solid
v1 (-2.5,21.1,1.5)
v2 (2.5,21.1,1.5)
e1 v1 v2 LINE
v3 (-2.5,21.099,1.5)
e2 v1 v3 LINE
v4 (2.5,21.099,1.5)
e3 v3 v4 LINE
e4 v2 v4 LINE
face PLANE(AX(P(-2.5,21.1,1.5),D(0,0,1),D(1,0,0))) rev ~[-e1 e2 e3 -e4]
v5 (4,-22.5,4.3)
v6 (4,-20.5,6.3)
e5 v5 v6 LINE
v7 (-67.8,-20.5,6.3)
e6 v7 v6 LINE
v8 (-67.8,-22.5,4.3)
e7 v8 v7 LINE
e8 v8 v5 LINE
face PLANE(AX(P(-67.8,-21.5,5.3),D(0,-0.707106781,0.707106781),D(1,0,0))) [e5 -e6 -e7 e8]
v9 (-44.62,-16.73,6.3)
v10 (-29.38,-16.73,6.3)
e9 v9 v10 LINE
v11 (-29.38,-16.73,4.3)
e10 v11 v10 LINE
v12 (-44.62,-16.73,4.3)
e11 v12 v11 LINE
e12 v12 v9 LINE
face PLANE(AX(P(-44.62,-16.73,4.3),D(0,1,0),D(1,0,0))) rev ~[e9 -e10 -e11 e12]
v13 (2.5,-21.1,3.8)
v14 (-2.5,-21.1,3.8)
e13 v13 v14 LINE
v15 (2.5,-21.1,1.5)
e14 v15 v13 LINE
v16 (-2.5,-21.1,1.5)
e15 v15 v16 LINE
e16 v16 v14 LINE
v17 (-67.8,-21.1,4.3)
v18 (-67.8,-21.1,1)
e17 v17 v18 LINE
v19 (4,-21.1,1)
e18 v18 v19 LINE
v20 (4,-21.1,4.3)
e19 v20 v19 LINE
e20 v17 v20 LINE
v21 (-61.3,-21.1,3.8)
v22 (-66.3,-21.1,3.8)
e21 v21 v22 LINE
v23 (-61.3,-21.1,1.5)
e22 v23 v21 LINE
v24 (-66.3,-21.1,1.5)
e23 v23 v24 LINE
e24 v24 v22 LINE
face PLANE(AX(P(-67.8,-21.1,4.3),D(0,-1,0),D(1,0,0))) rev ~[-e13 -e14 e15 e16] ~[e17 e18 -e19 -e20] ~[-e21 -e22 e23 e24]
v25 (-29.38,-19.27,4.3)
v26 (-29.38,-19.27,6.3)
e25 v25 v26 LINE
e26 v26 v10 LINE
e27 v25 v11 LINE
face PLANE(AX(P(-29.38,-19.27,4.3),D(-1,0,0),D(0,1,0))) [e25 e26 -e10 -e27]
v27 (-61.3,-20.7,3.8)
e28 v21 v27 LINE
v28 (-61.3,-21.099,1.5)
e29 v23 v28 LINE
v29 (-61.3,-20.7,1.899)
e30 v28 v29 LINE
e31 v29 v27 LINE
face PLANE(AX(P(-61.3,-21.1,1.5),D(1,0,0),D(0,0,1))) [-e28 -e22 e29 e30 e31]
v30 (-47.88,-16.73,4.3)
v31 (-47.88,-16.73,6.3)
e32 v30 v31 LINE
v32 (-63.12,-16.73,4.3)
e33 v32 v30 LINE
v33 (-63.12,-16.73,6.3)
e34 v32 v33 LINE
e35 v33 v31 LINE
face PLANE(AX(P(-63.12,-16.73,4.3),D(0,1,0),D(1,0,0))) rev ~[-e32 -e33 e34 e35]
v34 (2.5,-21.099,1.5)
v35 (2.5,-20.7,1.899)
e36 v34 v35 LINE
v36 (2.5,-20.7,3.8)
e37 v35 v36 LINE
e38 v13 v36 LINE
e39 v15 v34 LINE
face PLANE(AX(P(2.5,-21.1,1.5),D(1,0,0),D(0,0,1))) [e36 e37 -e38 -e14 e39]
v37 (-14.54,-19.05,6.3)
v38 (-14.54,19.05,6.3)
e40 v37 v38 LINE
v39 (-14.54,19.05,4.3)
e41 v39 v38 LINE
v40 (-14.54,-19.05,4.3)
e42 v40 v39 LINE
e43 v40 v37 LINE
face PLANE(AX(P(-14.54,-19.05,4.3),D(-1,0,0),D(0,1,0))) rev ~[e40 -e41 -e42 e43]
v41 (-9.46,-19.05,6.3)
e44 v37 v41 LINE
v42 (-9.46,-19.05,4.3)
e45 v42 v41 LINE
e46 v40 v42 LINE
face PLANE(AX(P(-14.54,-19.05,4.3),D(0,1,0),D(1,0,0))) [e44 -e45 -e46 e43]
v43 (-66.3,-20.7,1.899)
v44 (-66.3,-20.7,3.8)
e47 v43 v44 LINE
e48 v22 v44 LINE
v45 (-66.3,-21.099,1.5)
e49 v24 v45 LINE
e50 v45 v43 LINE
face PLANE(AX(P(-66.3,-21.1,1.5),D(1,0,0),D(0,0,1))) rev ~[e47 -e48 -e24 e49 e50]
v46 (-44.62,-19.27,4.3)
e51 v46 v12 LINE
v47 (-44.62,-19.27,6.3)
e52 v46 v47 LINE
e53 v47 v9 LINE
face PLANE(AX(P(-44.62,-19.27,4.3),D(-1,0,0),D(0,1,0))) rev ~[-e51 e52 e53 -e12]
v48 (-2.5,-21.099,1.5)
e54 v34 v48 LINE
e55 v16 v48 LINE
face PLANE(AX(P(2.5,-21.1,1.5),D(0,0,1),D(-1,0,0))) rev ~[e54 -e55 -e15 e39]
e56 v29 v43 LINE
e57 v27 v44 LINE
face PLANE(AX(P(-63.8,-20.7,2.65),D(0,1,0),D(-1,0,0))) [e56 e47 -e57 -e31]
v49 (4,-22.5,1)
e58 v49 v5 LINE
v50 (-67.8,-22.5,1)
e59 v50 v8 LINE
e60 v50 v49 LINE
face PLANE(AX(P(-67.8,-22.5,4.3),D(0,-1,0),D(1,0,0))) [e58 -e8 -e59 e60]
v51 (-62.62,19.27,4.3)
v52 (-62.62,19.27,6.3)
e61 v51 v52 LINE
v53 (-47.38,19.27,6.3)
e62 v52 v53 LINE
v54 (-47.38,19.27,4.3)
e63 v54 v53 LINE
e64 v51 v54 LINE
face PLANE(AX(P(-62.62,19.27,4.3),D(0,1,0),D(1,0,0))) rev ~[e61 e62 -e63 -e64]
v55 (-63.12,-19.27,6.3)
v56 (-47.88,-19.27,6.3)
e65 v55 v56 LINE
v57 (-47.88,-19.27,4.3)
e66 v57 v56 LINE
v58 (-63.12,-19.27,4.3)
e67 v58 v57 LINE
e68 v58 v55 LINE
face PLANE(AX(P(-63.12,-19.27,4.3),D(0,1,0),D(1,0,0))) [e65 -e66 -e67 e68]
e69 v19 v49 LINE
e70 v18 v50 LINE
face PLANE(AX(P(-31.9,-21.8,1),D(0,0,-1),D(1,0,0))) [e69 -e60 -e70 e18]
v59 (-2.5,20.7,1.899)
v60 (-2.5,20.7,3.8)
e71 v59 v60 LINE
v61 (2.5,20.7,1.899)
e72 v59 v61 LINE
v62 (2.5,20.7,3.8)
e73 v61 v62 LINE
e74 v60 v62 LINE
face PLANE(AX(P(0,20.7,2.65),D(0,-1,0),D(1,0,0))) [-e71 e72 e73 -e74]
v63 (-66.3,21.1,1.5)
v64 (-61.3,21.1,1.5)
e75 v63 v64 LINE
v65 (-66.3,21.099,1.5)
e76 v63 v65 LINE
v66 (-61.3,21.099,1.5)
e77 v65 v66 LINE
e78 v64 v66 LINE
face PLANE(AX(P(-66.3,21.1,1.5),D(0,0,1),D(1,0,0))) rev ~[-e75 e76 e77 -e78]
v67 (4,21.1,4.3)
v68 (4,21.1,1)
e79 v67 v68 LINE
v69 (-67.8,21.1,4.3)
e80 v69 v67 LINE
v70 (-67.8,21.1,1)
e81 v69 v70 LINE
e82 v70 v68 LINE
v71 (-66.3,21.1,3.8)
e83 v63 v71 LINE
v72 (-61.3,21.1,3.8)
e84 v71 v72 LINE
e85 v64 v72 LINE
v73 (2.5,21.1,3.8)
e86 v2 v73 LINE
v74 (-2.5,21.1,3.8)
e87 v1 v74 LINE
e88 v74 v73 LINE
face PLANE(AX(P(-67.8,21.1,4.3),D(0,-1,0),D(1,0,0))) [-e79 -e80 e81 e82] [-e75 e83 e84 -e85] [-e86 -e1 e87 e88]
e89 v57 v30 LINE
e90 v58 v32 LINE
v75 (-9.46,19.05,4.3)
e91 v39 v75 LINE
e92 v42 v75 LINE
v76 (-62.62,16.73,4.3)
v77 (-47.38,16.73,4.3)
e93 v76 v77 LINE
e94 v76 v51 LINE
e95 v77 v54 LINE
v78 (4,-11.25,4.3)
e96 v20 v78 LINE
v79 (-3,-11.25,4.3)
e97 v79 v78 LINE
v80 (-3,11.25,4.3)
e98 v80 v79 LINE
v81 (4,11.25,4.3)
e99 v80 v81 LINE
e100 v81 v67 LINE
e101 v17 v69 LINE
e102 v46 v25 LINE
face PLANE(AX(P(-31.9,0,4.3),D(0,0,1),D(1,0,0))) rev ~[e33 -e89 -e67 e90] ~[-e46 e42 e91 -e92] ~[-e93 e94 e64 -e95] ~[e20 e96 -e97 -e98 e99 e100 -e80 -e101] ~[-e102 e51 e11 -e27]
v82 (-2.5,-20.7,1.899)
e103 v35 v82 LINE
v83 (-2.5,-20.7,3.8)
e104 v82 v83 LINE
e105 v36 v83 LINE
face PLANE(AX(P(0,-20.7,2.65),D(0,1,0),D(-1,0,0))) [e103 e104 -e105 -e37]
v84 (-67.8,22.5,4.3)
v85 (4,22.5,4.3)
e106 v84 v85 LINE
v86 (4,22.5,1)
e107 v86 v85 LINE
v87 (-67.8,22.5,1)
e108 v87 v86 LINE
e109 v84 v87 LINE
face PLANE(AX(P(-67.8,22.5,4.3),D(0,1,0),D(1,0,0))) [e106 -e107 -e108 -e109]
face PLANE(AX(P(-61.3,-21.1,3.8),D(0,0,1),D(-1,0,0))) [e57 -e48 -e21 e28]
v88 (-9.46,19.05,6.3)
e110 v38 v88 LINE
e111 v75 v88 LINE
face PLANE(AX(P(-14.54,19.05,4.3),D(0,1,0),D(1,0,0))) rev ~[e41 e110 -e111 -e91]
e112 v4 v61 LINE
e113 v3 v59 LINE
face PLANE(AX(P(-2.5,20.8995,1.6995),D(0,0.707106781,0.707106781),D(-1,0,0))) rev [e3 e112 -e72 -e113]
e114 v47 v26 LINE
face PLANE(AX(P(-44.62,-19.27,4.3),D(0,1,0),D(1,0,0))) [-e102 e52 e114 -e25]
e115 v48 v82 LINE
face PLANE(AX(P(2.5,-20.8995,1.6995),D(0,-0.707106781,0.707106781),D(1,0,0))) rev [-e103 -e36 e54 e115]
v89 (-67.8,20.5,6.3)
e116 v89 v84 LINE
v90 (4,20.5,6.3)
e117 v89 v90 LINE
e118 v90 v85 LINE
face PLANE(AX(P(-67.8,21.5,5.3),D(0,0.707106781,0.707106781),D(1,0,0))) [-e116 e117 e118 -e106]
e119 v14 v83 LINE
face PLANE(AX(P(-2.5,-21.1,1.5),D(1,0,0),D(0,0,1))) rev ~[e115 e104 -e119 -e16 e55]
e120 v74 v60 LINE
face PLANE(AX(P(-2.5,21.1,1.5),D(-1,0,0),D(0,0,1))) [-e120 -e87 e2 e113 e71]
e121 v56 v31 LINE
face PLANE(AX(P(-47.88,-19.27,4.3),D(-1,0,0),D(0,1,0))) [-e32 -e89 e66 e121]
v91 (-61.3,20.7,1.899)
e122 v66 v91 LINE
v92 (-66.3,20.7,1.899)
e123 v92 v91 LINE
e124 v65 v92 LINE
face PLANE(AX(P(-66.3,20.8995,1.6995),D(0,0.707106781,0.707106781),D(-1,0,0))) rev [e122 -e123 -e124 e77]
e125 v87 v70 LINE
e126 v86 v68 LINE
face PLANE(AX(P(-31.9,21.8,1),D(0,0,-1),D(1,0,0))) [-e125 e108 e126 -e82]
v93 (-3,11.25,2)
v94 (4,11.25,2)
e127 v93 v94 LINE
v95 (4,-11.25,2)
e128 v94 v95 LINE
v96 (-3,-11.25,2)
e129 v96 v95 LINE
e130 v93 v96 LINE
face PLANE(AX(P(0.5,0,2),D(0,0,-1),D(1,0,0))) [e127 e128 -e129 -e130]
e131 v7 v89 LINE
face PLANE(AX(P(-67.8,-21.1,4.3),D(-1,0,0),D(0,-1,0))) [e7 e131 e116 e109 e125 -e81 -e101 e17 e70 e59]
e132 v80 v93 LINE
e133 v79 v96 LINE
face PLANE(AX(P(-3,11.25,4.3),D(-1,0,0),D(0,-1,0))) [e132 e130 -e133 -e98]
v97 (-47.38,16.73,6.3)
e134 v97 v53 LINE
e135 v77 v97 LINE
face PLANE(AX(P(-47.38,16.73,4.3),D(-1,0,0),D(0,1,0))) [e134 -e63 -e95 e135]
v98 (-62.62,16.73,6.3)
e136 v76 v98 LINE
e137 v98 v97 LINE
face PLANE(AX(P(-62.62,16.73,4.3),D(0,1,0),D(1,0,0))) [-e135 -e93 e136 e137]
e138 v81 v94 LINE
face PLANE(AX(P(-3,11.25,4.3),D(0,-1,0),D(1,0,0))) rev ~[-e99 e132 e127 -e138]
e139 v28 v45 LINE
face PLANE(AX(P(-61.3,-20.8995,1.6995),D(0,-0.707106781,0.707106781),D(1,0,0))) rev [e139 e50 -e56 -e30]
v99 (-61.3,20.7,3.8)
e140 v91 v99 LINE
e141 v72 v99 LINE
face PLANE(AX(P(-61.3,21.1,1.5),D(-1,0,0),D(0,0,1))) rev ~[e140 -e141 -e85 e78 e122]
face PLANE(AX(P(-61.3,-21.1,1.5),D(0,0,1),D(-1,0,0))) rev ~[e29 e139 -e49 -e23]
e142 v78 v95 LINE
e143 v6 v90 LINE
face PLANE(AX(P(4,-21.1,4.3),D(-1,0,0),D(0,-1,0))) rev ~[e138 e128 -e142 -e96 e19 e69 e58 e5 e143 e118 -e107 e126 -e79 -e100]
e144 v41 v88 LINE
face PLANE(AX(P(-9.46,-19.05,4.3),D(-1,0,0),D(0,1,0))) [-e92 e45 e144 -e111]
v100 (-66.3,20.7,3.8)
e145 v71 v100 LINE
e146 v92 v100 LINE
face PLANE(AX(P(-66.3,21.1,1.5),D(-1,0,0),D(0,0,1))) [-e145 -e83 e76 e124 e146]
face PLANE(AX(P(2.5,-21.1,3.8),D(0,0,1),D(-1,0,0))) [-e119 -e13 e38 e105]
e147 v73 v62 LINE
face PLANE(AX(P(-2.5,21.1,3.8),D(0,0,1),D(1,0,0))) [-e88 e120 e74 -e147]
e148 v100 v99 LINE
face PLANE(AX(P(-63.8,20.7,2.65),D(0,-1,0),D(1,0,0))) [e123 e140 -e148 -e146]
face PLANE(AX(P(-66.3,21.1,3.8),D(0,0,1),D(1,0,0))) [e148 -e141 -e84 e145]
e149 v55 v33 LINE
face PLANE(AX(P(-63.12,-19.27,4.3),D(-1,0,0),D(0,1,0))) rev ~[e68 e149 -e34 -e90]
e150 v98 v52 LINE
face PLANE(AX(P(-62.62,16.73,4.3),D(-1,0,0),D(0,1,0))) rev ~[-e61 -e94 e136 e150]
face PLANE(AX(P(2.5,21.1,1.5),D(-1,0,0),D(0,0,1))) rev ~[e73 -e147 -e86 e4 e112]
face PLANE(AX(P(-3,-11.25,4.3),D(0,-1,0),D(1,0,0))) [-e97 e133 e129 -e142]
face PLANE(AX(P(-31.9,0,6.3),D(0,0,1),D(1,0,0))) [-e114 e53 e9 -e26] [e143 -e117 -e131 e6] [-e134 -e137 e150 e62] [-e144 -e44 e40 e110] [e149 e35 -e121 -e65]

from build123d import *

# Parameters (mm, degrees)
SKETCH005_W     = 71.8
SKETCH005_H     = 45
SKETCH005_W_2   = 15.24
SKETCH005_H_2   = 2.54
SKETCH005_W_3   = 5.08
SKETCH005_H_3   = 38.1
PAD003_DEPTH    = 2
SKETCH006_W     = 71.8
SKETCH006_H     = 1.4
PAD004_DEPTH    = 3.3
SKETCH007_W     = 7
SKETCH007_H     = 22.5
PAD005_DEPTH    = 2.3
SKETCH010_W     = 5
SKETCH010_H     = 2.3
PAD006_DEPTH    = 0.4
SKETCH011_W     = 5
SKETCH011_H     = 2.3
PAD007_DEPTH    = 0.4
CHAMFER_SIZE    = 0.399
CHAMFER001_SIZE = 2


with BuildPart() as part:
    # Sketch005 → Pad003 (new body)
    with BuildSketch(Plane.XY.offset(4.3)):
        with Locations((-31.9, 0)):
            Rectangle(SKETCH005_W, SKETCH005_H)
        with Locations((-55, 18)):
            Rectangle(SKETCH005_W_2, SKETCH005_H_2, mode=Mode.SUBTRACT)
        with Locations((-55.5, -18)):
            Rectangle(SKETCH005_W_2, SKETCH005_H_2, mode=Mode.SUBTRACT)
        with Locations((-37, -18)):
            Rectangle(SKETCH005_W_2, SKETCH005_H_2, mode=Mode.SUBTRACT)
        with Locations((-12, 0)):
            Rectangle(SKETCH005_W_3, SKETCH005_H_3, mode=Mode.SUBTRACT)
    extrude(amount=PAD003_DEPTH)

    # Sketch006 (on Face21 of Pad003) → Pad004 (join)
    with BuildSketch(Plane(origin=(0, 0, 4.3), x_dir=(1, 0, 0), z_dir=(0, 0, -1))):
        with Locations((-31.9, 21.8)):
            Rectangle(SKETCH006_W, SKETCH006_H)
        with Locations((-31.9, -21.8)):
            Rectangle(SKETCH006_W, SKETCH006_H)
    extrude(amount=PAD004_DEPTH)

    # Sketch007 (on Face5 of Pad004) → Pad005 (join)
    with BuildSketch(Plane(origin=(0, 0, 4.3), x_dir=(1, 0, 0), z_dir=(0, 0, -1))):
        with Locations((0.5, 0)):
            Rectangle(SKETCH007_W, SKETCH007_H)
    extrude(amount=PAD005_DEPTH)

    # Sketch010 (on Face11 of Pad005) → Pad006 (join)
    with BuildSketch(Plane.XZ.offset(-21.1)):
        with Locations((0, 2.65)):
            Rectangle(SKETCH010_W, SKETCH010_H)
        with Locations((-63.8, 2.65)):
            Rectangle(SKETCH010_W, SKETCH010_H)
    extrude(amount=PAD006_DEPTH)

    # Sketch011 (on Face16 of Pad006) → Pad007 (join)
    with BuildSketch(Plane(origin=(0, -21.1, 0), x_dir=(-1, 0, 0), z_dir=(0, 1, 0))):
        with Locations((0, 2.65)):
            Rectangle(SKETCH011_W, SKETCH011_H)
        with Locations((63.8, 2.65)):
            Rectangle(SKETCH011_W, SKETCH011_H)
    extrude(amount=PAD007_DEPTH)

    # Chamfer
    chamfer_edges = [part.edges().sort_by_distance(p)[0] for p in [
        (-63.8, -20.7, 1.5),
        (0, -20.7, 1.5),
        (-63.8, 20.7, 1.5),
        (0, 20.7, 1.5),
    ]]
    chamfer(chamfer_edges, length=CHAMFER_SIZE)

    # Chamfer001
    chamfer001_edges = [part.edges().sort_by_distance(p)[0] for p in [
        (-31.9, 22.5, 6.3),
        (-31.9, -22.5, 6.3),
    ]]
    chamfer(chamfer001_edges, length=CHAMFER001_SIZE)


solid = part.part
